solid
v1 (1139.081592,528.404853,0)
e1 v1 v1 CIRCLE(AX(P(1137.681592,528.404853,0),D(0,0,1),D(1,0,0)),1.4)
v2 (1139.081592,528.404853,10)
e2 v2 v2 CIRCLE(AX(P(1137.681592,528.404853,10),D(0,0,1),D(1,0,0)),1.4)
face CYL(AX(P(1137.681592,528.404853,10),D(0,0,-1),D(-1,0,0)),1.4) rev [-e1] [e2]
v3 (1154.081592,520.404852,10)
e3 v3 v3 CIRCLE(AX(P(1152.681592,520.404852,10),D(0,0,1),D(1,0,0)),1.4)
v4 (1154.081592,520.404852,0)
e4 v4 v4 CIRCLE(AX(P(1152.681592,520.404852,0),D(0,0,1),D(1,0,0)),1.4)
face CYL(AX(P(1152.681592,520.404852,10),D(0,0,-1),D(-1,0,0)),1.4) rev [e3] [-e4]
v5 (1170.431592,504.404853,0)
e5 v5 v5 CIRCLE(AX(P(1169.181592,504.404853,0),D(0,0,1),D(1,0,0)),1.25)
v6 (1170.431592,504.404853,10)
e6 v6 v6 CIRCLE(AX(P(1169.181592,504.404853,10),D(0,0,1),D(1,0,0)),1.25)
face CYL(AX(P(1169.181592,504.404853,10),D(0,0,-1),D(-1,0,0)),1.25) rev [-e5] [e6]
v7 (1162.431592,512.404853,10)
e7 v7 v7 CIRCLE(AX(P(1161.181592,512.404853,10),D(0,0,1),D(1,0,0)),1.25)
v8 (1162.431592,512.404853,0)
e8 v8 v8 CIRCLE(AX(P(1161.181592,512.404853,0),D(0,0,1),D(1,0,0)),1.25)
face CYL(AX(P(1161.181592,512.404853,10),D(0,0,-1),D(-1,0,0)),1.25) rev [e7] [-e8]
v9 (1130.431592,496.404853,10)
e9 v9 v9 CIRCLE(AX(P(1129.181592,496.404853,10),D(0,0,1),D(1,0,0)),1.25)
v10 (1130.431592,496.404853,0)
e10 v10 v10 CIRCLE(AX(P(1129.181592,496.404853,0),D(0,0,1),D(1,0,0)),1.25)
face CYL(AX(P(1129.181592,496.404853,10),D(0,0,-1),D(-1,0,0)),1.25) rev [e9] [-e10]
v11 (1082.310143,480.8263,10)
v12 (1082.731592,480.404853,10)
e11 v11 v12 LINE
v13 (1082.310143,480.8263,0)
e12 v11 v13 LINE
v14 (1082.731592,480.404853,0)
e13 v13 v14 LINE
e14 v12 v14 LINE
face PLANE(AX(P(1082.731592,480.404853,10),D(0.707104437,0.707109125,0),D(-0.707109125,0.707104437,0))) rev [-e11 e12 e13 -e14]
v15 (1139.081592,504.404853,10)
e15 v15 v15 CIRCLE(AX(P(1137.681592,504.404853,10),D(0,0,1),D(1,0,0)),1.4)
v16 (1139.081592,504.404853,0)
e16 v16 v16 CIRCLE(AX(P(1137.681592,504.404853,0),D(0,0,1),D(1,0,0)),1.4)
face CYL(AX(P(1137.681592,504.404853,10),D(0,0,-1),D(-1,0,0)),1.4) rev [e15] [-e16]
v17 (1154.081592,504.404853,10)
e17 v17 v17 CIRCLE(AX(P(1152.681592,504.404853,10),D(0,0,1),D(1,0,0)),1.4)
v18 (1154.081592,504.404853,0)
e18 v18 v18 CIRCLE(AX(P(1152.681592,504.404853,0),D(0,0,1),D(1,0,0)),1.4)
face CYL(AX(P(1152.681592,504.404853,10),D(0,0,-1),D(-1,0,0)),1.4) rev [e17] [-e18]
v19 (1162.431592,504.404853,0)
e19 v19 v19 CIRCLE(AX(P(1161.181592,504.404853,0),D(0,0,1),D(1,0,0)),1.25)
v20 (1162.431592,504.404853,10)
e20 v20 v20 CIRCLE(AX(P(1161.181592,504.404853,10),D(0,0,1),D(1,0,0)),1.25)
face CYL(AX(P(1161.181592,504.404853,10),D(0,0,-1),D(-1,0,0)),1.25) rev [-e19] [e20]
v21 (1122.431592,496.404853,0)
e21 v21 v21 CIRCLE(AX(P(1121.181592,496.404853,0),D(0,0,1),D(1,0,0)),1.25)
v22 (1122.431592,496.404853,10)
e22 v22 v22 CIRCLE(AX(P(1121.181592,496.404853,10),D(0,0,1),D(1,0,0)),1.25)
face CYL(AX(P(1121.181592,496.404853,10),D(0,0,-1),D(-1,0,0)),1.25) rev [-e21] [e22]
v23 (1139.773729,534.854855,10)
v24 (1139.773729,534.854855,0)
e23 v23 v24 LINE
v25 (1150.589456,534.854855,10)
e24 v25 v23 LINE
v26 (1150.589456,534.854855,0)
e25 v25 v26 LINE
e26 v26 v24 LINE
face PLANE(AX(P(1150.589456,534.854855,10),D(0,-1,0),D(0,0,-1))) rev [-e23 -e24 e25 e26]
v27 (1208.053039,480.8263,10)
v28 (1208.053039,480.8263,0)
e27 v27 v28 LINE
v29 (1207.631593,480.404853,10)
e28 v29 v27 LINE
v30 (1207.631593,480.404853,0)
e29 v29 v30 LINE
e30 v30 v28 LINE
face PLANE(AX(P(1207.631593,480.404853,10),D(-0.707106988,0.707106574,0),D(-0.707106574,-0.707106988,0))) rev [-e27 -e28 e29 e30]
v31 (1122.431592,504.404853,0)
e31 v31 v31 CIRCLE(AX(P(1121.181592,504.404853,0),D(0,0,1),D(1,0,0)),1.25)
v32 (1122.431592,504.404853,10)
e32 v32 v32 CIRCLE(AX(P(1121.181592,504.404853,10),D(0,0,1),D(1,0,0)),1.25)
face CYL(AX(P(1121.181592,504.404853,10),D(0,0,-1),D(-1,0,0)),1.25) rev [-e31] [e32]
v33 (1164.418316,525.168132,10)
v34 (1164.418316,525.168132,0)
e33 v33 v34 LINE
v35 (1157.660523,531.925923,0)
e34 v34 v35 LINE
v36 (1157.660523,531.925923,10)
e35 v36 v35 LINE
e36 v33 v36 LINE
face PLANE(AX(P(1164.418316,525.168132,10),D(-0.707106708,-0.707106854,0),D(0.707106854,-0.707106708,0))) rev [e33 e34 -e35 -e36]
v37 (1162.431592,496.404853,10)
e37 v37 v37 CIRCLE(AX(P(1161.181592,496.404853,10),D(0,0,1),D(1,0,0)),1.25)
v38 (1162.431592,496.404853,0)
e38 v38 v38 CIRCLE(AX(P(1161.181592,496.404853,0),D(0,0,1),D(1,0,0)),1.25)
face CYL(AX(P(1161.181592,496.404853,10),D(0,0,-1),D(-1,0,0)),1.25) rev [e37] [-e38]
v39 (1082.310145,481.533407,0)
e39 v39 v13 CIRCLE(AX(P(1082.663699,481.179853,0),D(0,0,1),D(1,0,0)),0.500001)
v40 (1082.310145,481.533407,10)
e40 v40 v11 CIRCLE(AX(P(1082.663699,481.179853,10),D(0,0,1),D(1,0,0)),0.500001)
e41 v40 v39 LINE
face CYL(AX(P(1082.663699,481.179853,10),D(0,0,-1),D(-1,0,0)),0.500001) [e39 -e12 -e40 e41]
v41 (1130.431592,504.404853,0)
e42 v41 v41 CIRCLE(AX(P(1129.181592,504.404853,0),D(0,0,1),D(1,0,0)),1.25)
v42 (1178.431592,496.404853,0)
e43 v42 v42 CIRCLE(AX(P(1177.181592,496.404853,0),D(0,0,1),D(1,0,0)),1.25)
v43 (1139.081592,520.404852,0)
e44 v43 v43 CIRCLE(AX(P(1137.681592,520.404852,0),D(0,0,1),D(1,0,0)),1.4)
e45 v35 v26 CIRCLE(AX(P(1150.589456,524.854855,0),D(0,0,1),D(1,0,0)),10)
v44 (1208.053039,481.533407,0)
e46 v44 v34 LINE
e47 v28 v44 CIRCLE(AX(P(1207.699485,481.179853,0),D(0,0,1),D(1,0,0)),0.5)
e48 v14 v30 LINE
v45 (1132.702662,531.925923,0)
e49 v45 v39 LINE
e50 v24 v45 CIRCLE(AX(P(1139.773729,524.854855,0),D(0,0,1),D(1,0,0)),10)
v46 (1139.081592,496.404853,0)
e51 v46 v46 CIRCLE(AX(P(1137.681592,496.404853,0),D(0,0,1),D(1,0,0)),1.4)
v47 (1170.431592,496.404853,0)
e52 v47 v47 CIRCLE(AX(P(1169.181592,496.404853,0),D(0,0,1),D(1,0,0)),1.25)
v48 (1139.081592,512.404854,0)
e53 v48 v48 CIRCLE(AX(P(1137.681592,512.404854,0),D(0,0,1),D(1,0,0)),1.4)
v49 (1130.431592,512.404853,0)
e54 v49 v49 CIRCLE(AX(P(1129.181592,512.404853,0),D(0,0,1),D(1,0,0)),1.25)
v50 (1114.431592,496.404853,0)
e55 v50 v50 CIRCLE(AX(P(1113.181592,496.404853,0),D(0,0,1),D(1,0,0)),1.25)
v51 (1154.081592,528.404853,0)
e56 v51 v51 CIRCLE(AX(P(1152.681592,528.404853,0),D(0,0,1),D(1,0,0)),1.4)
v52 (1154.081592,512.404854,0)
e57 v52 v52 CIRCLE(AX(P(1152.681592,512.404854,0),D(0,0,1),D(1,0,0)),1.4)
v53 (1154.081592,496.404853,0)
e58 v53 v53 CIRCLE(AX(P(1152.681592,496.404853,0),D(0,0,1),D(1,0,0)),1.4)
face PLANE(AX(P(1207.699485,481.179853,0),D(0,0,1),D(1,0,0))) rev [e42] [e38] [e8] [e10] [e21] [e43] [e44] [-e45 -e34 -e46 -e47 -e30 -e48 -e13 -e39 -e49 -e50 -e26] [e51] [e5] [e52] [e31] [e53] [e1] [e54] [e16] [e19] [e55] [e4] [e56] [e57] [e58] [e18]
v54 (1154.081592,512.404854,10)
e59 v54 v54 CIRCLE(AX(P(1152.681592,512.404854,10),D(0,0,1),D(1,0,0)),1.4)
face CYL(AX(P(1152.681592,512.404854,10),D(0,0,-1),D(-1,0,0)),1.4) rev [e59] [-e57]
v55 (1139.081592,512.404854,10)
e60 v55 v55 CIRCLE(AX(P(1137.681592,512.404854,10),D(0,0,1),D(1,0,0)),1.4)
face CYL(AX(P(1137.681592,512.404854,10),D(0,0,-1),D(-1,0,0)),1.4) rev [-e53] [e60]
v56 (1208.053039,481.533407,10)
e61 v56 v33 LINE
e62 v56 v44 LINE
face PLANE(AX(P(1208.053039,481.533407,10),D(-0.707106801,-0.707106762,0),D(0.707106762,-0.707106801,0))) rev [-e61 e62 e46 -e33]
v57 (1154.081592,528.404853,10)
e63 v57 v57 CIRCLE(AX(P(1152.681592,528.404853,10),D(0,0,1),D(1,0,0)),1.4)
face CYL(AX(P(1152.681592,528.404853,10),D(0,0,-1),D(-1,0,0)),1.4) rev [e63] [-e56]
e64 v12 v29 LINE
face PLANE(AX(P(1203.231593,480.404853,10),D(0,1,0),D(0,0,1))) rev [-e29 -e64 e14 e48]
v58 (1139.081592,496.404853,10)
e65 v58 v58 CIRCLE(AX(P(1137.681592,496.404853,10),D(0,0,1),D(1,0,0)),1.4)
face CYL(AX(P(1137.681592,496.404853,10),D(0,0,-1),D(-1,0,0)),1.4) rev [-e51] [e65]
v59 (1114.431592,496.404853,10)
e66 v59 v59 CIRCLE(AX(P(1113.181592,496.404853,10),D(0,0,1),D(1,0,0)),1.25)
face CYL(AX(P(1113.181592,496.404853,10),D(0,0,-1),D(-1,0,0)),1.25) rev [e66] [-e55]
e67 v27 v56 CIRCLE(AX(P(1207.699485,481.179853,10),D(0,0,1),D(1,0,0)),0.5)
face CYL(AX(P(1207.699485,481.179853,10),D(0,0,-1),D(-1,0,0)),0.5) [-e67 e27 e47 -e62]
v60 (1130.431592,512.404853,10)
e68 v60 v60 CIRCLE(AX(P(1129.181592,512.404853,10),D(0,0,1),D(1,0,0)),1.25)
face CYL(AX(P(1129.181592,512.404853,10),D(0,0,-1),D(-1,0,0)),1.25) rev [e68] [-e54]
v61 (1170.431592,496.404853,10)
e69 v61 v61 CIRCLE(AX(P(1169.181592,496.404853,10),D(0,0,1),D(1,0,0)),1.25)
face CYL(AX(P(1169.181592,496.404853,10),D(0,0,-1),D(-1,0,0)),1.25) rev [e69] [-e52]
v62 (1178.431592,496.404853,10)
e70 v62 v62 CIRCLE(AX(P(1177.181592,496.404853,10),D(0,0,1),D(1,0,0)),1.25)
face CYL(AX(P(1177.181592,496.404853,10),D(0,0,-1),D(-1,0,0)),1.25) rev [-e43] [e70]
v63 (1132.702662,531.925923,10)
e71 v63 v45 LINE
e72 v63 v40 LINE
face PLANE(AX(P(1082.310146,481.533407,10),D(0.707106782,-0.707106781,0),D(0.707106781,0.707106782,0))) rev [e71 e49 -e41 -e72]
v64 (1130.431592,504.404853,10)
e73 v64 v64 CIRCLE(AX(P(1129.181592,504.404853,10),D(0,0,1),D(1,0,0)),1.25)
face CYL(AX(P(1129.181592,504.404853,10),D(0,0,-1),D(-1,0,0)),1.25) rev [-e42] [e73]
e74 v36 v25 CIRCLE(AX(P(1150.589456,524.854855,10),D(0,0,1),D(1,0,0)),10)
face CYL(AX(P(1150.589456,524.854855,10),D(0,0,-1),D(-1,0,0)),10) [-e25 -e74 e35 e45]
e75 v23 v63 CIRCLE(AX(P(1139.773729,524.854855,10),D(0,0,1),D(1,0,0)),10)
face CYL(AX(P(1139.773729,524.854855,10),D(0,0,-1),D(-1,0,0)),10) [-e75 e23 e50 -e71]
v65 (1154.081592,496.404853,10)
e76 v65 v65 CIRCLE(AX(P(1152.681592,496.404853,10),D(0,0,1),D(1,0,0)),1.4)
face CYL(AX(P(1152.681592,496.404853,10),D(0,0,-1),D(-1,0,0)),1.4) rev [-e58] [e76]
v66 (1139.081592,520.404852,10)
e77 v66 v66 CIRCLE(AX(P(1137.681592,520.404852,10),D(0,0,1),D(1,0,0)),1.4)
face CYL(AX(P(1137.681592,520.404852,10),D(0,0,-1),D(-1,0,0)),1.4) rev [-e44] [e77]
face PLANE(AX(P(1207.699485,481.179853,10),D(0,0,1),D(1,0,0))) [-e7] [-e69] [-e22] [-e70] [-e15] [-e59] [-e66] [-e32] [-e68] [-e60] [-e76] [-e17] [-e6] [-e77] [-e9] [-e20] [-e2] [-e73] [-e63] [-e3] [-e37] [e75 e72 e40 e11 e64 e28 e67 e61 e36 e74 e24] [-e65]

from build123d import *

# Parameters (mm, degrees)
SKETCH_3_R      = 1.25
SKETCH_3_R_2    = 1.4
EXTRUDE_2_DEPTH = 10


with BuildPart() as part:
    # 草图3 → 凸台-拉伸2 (new body)
    with BuildSketch(Plane.XY):
        with BuildLine():
            Line((1203.23159256, 480.404853327), (1082.731592366, 480.404853327))
            Line((1082.731592366, 480.404853327), (1082.310142824, 480.826300075))
            ThreePointArc((1082.310142824, 480.826300075), (1082.163698991, 481.179854306), (1082.310145601, 481.533406638))
            Line((1082.310145601, 481.533406638), (1132.702661596, 531.925922701))
            ThreePointArc((1132.702661596, 531.925922701), (1135.946895085, 534.093650218), (1139.773729412, 534.854854894))
            Line((1139.773729412, 534.854854894), (1150.589455978, 534.854854894))
            ThreePointArc((1150.589455978, 534.854854894), (1154.416289827, 534.093650416), (1157.660523063, 531.925923433))
            Line((1157.660523063, 531.925923433), (1164.418316344, 525.168131543))
            Line((1164.418316344, 525.168131543), (1208.053038819, 481.533406638))
            ThreePointArc((1208.053038819, 481.533406638), (1208.199485429, 481.179853247), (1208.053038819, 480.826299856))
            Line((1208.053038819, 480.826299856), (1207.631592536, 480.404853327))
            Line((1207.631592536, 480.404853327), (1203.23159256, 480.404853327))
        make_face()
        with Locations((1113.18159221, 496.404853247)):
            Circle(SKETCH_3_R, mode=Mode.SUBTRACT)
        with Locations((1121.18159221, 496.404853247)):
            Circle(SKETCH_3_R, mode=Mode.SUBTRACT)
        with Locations((1129.18159221, 512.404853247)):
            Circle(SKETCH_3_R, mode=Mode.SUBTRACT)
        with Locations((1129.18159221, 504.404853247)):
            Circle(SKETCH_3_R, mode=Mode.SUBTRACT)
        with Locations((1129.18159221, 496.404853247)):
            Circle(SKETCH_3_R, mode=Mode.SUBTRACT)
        with Locations((1121.18159221, 504.404853247)):
            Circle(SKETCH_3_R, mode=Mode.SUBTRACT)
        with Locations((1169.18159221, 504.404853247)):
            Circle(SKETCH_3_R, mode=Mode.SUBTRACT)
        with Locations((1161.18159221, 496.404853247)):
            Circle(SKETCH_3_R, mode=Mode.SUBTRACT)
        with Locations((1161.18159221, 504.404853247)):
            Circle(SKETCH_3_R, mode=Mode.SUBTRACT)
        with Locations((1161.18159221, 512.404853247)):
            Circle(SKETCH_3_R, mode=Mode.SUBTRACT)
        with Locations((1169.18159221, 496.404853247)):
            Circle(SKETCH_3_R, mode=Mode.SUBTRACT)
        with Locations((1177.18159221, 496.404853247)):
            Circle(SKETCH_3_R, mode=Mode.SUBTRACT)
        with Locations((1137.68159221, 496.404853166)):
            Circle(SKETCH_3_R_2, mode=Mode.SUBTRACT)
        with Locations((1152.68159221, 496.404853166)):
            Circle(SKETCH_3_R_2, mode=Mode.SUBTRACT)
        with Locations((1137.68159221, 504.404852614)):
            Circle(SKETCH_3_R_2, mode=Mode.SUBTRACT)
        with Locations((1152.68159221, 504.404852614)):
            Circle(SKETCH_3_R_2, mode=Mode.SUBTRACT)
        with Locations((1137.68159221, 512.404853926)):
            Circle(SKETCH_3_R_2, mode=Mode.SUBTRACT)
        with Locations((1152.68159221, 512.404853926)):
            Circle(SKETCH_3_R_2, mode=Mode.SUBTRACT)
        with Locations((1137.68159221, 520.404851512)):
            Circle(SKETCH_3_R_2, mode=Mode.SUBTRACT)
        with Locations((1152.68159221, 520.404851512)):
            Circle(SKETCH_3_R_2, mode=Mode.SUBTRACT)
        with Locations((1137.68159221, 528.404852823)):
            Circle(SKETCH_3_R_2, mode=Mode.SUBTRACT)
        with Locations((1152.68159221, 528.404852823)):
            Circle(SKETCH_3_R_2, mode=Mode.SUBTRACT)
    extrude(amount=EXTRUDE_2_DEPTH)


solid = part.part
